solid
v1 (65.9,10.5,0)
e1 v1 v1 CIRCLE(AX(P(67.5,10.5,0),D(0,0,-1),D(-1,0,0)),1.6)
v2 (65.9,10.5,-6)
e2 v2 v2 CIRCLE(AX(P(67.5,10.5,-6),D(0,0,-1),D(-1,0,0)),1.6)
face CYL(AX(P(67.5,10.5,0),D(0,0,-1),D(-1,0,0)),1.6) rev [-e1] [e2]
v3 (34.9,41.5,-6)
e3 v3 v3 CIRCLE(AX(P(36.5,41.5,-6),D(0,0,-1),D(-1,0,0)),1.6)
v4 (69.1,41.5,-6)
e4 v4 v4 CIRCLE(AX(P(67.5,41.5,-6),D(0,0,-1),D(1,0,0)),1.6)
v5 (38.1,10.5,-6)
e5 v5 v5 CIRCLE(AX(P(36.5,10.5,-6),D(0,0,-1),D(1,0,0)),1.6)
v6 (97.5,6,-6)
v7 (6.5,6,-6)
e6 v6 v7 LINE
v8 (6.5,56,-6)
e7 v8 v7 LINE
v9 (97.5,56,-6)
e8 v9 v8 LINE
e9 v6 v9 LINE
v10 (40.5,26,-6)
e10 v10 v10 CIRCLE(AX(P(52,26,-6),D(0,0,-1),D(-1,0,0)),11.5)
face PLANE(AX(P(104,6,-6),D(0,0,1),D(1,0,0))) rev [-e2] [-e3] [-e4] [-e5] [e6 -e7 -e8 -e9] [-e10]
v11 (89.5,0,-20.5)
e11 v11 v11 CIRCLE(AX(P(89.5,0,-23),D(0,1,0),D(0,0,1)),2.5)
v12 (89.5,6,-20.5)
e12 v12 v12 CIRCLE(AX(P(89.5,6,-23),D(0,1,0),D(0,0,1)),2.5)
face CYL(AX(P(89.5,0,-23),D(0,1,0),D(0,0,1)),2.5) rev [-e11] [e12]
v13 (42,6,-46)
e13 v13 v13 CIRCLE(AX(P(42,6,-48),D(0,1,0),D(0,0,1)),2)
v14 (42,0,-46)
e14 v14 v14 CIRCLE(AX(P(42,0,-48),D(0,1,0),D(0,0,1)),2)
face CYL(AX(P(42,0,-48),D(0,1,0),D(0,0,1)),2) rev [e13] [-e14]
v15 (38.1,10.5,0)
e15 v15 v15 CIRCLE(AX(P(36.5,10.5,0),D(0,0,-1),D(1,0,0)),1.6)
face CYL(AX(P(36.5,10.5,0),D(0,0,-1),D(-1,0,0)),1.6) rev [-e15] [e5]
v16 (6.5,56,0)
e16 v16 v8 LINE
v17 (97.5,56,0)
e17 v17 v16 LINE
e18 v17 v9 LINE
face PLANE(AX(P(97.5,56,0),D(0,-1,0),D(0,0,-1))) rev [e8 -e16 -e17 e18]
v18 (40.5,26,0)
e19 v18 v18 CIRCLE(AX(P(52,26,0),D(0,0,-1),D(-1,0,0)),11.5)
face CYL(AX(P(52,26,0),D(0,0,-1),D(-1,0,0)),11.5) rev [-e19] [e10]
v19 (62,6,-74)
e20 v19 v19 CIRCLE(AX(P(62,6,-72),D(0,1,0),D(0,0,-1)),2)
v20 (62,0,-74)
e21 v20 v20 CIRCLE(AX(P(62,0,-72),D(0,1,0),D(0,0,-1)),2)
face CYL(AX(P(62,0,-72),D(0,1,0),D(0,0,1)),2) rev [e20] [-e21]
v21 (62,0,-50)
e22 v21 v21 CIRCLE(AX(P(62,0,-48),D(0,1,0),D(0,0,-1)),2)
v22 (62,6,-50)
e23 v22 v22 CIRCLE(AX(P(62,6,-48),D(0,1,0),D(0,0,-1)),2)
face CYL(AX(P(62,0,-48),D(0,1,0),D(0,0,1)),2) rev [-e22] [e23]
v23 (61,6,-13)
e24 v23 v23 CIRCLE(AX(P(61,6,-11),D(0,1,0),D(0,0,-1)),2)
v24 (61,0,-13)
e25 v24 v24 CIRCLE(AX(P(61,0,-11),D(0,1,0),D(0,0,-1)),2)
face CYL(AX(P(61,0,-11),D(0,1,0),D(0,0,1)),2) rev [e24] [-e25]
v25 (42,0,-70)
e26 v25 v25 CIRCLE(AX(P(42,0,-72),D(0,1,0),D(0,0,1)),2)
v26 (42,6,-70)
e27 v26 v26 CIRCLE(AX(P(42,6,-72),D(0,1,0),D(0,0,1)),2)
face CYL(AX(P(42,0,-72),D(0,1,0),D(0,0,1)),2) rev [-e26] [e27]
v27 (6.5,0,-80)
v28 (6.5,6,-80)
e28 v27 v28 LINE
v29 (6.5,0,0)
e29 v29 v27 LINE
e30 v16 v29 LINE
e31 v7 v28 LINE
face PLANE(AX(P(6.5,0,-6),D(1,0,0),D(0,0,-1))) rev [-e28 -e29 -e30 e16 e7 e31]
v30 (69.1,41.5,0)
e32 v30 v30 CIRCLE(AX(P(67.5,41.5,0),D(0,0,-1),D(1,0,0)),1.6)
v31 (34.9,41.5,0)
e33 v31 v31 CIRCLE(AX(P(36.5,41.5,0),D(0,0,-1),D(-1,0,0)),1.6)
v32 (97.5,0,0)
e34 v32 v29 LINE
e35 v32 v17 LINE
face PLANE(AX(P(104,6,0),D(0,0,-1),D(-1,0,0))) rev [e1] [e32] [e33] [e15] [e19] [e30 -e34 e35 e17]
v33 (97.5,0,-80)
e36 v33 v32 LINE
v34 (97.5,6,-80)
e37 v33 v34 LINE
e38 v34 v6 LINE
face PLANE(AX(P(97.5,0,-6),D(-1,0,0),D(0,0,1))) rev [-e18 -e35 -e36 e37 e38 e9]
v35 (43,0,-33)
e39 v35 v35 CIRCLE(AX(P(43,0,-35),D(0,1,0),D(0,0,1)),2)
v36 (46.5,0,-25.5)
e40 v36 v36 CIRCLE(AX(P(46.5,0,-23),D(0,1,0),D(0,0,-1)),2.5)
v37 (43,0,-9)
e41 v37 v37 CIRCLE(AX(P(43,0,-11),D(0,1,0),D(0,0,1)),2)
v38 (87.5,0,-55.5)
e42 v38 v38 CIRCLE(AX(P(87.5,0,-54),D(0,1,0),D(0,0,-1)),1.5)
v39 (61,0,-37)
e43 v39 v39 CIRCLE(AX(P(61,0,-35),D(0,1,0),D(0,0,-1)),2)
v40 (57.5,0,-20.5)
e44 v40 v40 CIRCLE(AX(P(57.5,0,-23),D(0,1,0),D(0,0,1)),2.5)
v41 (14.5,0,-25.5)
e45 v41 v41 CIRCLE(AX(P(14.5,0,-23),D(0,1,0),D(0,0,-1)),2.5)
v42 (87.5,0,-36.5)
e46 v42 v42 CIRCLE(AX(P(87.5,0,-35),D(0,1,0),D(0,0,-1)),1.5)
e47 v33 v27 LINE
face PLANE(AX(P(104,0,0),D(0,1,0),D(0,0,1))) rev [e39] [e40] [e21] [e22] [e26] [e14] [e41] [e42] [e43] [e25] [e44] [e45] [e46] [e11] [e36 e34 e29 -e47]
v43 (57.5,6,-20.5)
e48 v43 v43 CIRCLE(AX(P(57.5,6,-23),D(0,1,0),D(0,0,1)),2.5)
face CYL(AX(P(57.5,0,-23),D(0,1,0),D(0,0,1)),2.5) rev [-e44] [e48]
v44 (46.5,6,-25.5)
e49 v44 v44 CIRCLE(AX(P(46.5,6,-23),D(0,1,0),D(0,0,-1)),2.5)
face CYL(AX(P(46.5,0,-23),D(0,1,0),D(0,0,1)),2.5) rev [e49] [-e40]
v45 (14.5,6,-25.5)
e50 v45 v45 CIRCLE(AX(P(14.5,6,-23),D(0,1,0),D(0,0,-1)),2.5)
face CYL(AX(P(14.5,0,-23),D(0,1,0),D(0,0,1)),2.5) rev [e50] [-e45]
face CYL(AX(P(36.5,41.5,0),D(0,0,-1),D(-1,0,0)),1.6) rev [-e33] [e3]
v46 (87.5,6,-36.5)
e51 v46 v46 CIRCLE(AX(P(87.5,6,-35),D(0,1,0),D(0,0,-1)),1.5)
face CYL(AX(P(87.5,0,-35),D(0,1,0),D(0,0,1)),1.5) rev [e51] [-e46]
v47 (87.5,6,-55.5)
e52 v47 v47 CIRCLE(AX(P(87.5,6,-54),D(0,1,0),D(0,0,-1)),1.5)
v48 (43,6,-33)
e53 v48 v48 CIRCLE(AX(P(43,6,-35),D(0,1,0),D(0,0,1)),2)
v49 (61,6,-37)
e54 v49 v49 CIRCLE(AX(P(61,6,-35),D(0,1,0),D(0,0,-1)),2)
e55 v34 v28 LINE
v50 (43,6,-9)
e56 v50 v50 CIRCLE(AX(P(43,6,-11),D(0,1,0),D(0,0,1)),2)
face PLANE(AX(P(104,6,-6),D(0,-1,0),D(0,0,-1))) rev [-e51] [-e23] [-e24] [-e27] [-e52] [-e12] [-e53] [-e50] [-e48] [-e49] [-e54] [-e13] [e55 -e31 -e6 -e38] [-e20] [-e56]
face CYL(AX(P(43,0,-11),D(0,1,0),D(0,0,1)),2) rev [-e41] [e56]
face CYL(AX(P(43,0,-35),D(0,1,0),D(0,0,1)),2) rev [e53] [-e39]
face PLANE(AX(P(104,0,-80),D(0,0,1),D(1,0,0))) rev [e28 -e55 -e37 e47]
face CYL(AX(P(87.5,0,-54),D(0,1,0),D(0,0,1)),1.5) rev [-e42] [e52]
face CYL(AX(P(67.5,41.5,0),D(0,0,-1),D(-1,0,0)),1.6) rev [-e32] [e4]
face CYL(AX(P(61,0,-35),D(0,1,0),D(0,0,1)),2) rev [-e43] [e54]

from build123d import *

# Parameters (mm, degrees)
EXTRUDE_1_DEPTH     = 104
SKETCH_2_R          = 2
SKETCH_2_R_2        = 2.5
SKETCH_2_R_3        = 1.5
SKETCH_2_W          = 6.5
SKETCH_2_H          = 74
CUT_EXTRUDE_1_DEPTH = 151.638640461
SKETCH_3_R          = 11.5
SKETCH_3_R_2        = 1.6
CUT_EXTRUDE_2_DEPTH = 151.638640461


with BuildPart() as part:
    # 草图1 → 凸台-拉伸1 (new body)
    with BuildSketch(Plane(origin=(0, 0, 0), x_dir=(0, 0, -1), z_dir=(1, 0, 0))):
        Polygon((0, 0), (80, 0), (80, 6), (6, 6), (6, 80), (0, 80), (0, 6), align=None)
    extrude(amount=EXTRUDE_1_DEPTH)

    # 草图2 → 切除-拉伸1 (cut, through all)
    with BuildSketch(Plane(origin=(0, 6, 0), x_dir=(1, 0, 0), z_dir=(0, 1, 0))):
        with Locations(Location((43, 11, 0), (0, 0, 270))):
            Circle(SKETCH_2_R)
        with Locations(Location((43, 35, 0), (0, 0, 270))):
            Circle(SKETCH_2_R)
        with Locations(Location((42, 48, 0), (0, 0, 270))):
            Circle(SKETCH_2_R)
        with Locations(Location((42, 72, 0), (0, 0, 270))):
            Circle(SKETCH_2_R)
        with Locations(Location((62, 72, 0), (0, 0, 90))):
            Circle(SKETCH_2_R)
        with Locations(Location((62, 48, 0), (0, 0, 90))):
            Circle(SKETCH_2_R)
        with Locations(Location((61, 35, 0), (0, 0, 90))):
            Circle(SKETCH_2_R)
        with Locations(Location((61, 11, 0), (0, 0, 90))):
            Circle(SKETCH_2_R)
        with Locations(Location((57.5, 23, 0), (0, 0, 270))):
            Circle(SKETCH_2_R_2)
        with Locations(Location((89.5, 23, 0), (0, 0, 270))):
            Circle(SKETCH_2_R_2)
        with Locations(Location((46.5, 23, 0), (0, 0, 90))):
            Circle(SKETCH_2_R_2)
        with Locations(Location((14.5, 23, 0), (0, 0, 90))):
            Circle(SKETCH_2_R_2)
        with Locations(Location((87.5, 35, 0), (0, 0, 90))):
            Circle(SKETCH_2_R_3)
        with Locations(Location((87.5, 54, 0), (0, 0, 90))):
            Circle(SKETCH_2_R_3)
        with Locations((100.75, 43)):
            Rectangle(SKETCH_2_W, SKETCH_2_H)
        with Locations((3.25, 43)):
            Rectangle(SKETCH_2_W, SKETCH_2_H)
    extrude(amount=-CUT_EXTRUDE_1_DEPTH, mode=Mode.SUBTRACT)

    # 草图3 → 切除-拉伸2 (cut, through all)
    with BuildSketch(Plane(origin=(0, 0, -6), x_dir=(-1, 0, 0), z_dir=(0, 0, -1))):
        with Locations((-52, 26)):
            Circle(SKETCH_3_R)
        with Locations((-36.5, 41.5)):
            Circle(SKETCH_3_R_2)
        with Locations(Location((-67.5, 41.5, 0), (0, 0, 180))):
            Circle(SKETCH_3_R_2)
        with Locations((-67.5, 10.5)):
            Circle(SKETCH_3_R_2)
        with Locations(Location((-36.5, 10.5, 0), (0, 0, 180))):
            Circle(SKETCH_3_R_2)
        Polygon((-97.5, 0), (-97.5, 56), (-6.5, 56), (-6.5, 0), (0, 0), (0, 80), (-104, 80), (-104, 0), align=None)
    extrude(amount=-CUT_EXTRUDE_2_DEPTH, mode=Mode.SUBTRACT)


solid = part.part
